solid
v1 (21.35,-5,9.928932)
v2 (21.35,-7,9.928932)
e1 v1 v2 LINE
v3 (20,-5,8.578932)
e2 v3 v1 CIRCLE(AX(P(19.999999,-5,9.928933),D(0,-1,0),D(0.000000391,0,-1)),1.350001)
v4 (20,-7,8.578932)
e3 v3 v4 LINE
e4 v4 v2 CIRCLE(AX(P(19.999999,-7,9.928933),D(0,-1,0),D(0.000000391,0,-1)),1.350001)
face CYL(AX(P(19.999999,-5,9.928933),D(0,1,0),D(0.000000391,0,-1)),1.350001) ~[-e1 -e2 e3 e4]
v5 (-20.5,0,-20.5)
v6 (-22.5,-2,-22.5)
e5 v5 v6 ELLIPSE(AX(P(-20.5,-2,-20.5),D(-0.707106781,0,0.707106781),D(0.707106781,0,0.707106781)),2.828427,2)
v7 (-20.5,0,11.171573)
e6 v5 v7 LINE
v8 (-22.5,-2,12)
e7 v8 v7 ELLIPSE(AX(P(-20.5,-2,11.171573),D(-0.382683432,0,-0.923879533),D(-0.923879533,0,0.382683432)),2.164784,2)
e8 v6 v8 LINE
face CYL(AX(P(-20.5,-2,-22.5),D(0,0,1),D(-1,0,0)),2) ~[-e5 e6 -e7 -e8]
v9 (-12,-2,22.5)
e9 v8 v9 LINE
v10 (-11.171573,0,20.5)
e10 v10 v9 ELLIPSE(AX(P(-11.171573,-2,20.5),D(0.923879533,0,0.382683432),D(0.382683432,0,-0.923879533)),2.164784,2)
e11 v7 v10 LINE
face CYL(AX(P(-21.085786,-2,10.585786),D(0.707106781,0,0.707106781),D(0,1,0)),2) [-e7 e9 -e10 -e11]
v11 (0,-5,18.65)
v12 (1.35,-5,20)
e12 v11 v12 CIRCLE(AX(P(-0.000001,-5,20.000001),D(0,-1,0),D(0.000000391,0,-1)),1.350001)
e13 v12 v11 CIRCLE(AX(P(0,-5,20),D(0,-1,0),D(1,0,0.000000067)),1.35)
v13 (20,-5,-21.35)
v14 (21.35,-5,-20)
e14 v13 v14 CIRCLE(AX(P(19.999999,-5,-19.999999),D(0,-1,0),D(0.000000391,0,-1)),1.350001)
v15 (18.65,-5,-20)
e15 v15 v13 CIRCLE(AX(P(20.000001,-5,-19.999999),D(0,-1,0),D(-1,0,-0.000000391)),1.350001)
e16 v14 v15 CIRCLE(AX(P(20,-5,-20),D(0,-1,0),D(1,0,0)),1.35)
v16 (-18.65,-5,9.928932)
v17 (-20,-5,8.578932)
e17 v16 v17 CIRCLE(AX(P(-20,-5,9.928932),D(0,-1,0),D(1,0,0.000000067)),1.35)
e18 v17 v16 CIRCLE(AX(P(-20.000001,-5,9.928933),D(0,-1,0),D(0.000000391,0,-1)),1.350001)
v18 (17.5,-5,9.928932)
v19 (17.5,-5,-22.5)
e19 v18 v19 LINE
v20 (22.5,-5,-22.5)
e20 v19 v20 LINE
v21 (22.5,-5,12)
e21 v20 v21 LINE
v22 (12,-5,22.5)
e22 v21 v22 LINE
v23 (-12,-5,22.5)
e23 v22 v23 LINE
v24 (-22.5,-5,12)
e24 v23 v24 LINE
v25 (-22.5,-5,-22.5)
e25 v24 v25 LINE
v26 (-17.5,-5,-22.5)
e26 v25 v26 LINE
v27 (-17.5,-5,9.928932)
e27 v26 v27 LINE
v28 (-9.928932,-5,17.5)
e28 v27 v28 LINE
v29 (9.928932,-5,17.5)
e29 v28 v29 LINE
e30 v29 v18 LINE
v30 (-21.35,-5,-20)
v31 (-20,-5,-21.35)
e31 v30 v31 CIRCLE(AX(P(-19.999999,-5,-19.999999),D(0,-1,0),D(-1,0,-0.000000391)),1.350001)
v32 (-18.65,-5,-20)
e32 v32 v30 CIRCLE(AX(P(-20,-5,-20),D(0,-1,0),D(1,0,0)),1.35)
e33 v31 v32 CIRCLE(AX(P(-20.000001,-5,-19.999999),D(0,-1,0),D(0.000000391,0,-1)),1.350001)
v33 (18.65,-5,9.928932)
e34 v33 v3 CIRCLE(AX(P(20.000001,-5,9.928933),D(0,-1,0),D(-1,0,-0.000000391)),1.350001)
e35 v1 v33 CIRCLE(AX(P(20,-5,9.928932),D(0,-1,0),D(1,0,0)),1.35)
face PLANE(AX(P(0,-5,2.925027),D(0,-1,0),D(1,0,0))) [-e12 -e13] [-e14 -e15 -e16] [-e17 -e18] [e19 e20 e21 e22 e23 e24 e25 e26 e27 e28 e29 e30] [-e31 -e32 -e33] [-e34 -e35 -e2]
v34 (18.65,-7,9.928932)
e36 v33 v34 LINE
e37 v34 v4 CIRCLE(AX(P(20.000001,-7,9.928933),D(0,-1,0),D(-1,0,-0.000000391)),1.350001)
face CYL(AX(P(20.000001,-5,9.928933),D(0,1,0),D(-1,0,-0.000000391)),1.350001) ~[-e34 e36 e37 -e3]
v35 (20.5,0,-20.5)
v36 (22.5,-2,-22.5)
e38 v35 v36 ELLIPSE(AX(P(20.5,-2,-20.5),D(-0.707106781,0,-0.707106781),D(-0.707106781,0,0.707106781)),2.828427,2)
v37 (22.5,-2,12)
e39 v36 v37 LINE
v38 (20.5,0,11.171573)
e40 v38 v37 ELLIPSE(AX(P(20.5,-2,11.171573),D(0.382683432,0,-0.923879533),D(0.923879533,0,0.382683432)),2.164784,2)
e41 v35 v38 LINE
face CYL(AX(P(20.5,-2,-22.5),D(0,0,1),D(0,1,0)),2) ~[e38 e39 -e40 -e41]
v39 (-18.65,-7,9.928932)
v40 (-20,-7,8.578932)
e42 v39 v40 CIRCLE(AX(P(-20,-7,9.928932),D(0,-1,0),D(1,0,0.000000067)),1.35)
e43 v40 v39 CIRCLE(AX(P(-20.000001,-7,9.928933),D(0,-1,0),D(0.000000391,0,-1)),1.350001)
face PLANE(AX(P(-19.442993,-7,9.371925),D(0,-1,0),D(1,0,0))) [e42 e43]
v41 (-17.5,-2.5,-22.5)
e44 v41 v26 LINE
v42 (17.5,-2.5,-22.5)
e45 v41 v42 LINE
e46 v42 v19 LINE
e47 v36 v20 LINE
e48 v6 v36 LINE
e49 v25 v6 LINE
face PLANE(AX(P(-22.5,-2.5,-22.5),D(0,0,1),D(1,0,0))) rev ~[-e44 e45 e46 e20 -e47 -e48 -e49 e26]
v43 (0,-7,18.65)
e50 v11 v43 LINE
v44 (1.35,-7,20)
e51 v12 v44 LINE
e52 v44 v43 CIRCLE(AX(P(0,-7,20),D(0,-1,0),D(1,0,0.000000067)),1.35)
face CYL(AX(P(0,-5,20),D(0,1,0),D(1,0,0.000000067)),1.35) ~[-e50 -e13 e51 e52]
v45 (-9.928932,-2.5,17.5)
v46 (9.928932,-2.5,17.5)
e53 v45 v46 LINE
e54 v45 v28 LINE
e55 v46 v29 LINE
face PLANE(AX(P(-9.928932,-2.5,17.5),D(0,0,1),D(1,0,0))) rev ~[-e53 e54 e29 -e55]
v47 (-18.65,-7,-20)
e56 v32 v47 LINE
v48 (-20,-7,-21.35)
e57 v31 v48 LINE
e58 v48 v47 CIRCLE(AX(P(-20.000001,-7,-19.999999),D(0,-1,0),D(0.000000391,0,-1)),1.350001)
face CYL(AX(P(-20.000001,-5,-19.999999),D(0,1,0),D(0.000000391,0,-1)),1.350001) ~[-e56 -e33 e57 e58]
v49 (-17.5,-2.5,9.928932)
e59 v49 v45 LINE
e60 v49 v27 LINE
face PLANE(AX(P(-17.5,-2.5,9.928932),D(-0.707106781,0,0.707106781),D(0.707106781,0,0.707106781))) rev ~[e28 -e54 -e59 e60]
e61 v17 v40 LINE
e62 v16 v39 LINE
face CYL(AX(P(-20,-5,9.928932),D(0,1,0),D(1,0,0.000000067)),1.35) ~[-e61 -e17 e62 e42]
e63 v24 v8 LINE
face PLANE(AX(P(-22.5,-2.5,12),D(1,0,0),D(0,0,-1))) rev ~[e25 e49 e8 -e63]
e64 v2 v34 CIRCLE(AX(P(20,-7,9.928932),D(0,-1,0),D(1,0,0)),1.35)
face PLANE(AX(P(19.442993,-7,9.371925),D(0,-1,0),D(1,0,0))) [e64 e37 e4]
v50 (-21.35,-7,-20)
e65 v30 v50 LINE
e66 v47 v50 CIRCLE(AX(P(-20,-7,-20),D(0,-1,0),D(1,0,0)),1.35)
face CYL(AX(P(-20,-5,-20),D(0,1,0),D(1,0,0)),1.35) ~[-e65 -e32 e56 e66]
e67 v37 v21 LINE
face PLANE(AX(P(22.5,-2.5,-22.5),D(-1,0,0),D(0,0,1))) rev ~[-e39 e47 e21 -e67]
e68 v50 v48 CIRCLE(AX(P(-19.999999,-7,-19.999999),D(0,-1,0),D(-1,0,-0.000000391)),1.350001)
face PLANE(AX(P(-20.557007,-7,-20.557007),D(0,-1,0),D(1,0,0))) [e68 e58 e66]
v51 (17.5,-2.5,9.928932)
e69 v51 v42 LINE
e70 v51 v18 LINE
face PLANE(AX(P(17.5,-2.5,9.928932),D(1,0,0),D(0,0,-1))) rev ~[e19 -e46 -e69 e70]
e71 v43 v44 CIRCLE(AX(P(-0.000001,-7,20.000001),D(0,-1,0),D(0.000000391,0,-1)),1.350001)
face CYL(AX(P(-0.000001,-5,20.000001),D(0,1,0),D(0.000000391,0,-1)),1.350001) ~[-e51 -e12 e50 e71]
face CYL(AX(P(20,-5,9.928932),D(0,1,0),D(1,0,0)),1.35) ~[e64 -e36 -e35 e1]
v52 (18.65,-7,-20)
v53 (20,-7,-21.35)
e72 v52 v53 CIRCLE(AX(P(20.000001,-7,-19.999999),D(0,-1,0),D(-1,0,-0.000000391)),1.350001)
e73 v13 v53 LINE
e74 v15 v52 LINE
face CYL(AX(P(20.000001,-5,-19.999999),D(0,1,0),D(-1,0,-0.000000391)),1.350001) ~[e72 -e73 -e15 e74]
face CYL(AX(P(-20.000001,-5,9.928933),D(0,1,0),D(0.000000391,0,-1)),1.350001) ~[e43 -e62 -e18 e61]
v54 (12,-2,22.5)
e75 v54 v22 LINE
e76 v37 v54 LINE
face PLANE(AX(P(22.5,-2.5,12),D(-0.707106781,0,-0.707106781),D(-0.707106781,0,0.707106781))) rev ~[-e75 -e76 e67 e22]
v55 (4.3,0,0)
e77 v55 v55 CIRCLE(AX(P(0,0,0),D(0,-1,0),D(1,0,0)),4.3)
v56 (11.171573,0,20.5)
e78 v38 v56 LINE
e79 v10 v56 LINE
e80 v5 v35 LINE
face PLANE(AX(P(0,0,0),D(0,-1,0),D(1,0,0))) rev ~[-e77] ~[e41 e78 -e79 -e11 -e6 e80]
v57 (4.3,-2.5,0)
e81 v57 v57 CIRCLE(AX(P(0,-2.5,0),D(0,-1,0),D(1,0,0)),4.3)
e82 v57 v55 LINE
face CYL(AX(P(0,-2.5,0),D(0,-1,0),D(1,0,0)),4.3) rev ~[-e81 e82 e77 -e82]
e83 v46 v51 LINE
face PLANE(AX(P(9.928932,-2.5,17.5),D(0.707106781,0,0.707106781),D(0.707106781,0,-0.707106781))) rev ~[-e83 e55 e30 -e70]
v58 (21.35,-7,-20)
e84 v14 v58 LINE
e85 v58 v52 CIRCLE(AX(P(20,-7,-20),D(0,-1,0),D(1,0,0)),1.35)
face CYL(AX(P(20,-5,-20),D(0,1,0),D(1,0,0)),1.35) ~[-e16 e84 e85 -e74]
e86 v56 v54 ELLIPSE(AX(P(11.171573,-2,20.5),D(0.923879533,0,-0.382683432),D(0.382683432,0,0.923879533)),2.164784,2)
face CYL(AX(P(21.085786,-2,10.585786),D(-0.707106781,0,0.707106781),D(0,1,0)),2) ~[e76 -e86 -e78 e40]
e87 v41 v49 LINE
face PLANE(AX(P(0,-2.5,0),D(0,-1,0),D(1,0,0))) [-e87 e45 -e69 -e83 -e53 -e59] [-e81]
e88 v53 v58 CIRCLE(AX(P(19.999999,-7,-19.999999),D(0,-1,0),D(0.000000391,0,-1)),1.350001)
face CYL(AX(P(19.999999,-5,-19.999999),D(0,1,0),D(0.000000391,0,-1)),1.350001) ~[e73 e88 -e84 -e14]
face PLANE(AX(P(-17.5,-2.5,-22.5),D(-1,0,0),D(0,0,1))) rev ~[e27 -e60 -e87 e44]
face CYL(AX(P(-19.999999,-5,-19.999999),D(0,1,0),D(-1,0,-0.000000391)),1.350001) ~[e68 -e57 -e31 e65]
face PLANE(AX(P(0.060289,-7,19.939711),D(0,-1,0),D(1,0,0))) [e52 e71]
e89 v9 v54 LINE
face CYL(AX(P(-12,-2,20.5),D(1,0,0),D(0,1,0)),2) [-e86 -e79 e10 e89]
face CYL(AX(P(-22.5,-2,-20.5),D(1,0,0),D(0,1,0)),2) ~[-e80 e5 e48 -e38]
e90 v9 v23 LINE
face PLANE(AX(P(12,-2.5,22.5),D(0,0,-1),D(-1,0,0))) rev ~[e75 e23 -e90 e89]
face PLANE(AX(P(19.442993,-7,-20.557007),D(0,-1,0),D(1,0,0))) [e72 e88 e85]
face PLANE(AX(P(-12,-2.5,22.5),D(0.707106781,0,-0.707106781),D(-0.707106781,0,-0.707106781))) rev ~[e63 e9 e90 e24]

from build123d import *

# Parameters (mm, degrees)
F0_W     = 45
F0_H     = 45
F1_DEPTH = 2.5
F2_SIZE  = 10.5
F4_DEPTH = 2.5
F5_R     = 2
F3_R     = 4.3
F6_DEPTH = 25
F8_DEPTH = 2


with BuildPart() as f1:
    # F0 (on Front) → F1 (new body)
    with BuildSketch(Plane.XZ):
        Rectangle(F0_W, F0_H)
    extrude(amount=F1_DEPTH)

    # F2
    f2_edges = [f1.edges().sort_by_distance(p)[0] for p in [
        (-22.5, -1.25, 22.5),
        (22.5, -1.25, 22.5),
    ]]
    chamfer(f2_edges, length=F2_SIZE)

    # F3 (on face) → F4 (join)
    with BuildSketch(Plane.XZ.offset(2.5)):
        Polygon((-17.5, -22.5), (-17.5, 9.928932), (-9.928932, 17.5), (9.928932, 17.5), (17.5, 9.928932), (17.5, -22.5), (22.5, -22.5), (22.5, 12), (12, 22.5), (-12, 22.5), (-22.5, 12), (-22.5, -22.5), align=None)
    extrude(amount=F4_DEPTH)

    # F5
    f5_edges = [f1.edges().sort_by_distance(p)[0] for p in [
        (22.5, 0, -5.25),
        (17.25, 0, 17.25),
        (0, 0, -22.5),
        (0, 0, 22.5),
        (-22.5, 0, -5.25),
        (-17.25, 0, 17.25),
    ]]
    fillet(f5_edges, radius=F5_R)

    # F3 (on face) → F6 (cut)
    with BuildSketch(Plane.XZ.offset(2.5)):
        Circle(F3_R)
    extrude(amount=-F6_DEPTH, mode=Mode.SUBTRACT)

    # F7 (on face) → F8 (join)
    with BuildSketch(Plane.XZ.offset(5)):
        with BuildLine():
            ThreePointArc((-20, 8.578932), (-19.045406, 8.974338), (-18.65, 9.928932))
            Line((-18.65, 9.928932), (-20, 9.928932))
            Line((-20, 9.928932), (-20, 8.578932))
        make_face()
        with BuildLine():
            Line((-20, 9.928932), (-18.65, 9.928932))
            ThreePointArc((-18.65, 9.928932), (-20.954594, 10.883526), (-20, 8.578932))
            Line((-20, 8.578932), (-20, 9.928932))
        make_face()
        with BuildLine():
            ThreePointArc((-21.35, -20), (-20.954594, -20.954594), (-20, -21.35))
            Line((-20, -21.35), (-20, -20))
            Line((-20, -20), (-21.35, -20))
        make_face()
        with BuildLine():
            Line((-20, -20), (-20, -21.35))
            ThreePointArc((-20, -21.35), (-19.045406, -20.954594), (-18.65, -20))
            ThreePointArc((-18.65, -20), (-20, -18.65), (-21.35, -20))
            Line((-21.35, -20), (-20, -20))
        make_face()
        with BuildLine():
            Line((20, -20), (18.65, -20))
            ThreePointArc((18.65, -20), (19.045406, -20.954594), (20, -21.35))
            Line((20, -21.35), (20, -20))
        make_face()
        with BuildLine():
            ThreePointArc((21.35, -20), (20, -18.65), (18.65, -20))
            Line((18.65, -20), (20, -20))
            Line((20, -20), (20, -21.35))
            ThreePointArc((20, -21.35), (20.954594, -20.954594), (21.35, -20))
        make_face()
        with BuildLine():
            Line((20, 9.928932), (18.65, 9.928932))
            ThreePointArc((18.65, 9.928932), (19.045406, 8.974338), (20, 8.578932))
            Line((20, 8.578932), (20, 9.928932))
        make_face()
        with BuildLine():
            ThreePointArc((21.35, 9.928932), (20, 11.278932), (18.65, 9.928932))
            Line((18.65, 9.928932), (20, 9.928932))
            Line((20, 9.928932), (20, 8.578932))
            ThreePointArc((20, 8.578932), (20.954594, 8.974338), (21.35, 9.928932))
        make_face()
        with BuildLine():
            ThreePointArc((1.35, 20), (-0.954594, 20.954594), (0, 18.65))
            ThreePointArc((0, 18.65), (0.954594, 19.045406), (1.35, 20))
        make_face()
    extrude(amount=F8_DEPTH)


solid = f1.part
